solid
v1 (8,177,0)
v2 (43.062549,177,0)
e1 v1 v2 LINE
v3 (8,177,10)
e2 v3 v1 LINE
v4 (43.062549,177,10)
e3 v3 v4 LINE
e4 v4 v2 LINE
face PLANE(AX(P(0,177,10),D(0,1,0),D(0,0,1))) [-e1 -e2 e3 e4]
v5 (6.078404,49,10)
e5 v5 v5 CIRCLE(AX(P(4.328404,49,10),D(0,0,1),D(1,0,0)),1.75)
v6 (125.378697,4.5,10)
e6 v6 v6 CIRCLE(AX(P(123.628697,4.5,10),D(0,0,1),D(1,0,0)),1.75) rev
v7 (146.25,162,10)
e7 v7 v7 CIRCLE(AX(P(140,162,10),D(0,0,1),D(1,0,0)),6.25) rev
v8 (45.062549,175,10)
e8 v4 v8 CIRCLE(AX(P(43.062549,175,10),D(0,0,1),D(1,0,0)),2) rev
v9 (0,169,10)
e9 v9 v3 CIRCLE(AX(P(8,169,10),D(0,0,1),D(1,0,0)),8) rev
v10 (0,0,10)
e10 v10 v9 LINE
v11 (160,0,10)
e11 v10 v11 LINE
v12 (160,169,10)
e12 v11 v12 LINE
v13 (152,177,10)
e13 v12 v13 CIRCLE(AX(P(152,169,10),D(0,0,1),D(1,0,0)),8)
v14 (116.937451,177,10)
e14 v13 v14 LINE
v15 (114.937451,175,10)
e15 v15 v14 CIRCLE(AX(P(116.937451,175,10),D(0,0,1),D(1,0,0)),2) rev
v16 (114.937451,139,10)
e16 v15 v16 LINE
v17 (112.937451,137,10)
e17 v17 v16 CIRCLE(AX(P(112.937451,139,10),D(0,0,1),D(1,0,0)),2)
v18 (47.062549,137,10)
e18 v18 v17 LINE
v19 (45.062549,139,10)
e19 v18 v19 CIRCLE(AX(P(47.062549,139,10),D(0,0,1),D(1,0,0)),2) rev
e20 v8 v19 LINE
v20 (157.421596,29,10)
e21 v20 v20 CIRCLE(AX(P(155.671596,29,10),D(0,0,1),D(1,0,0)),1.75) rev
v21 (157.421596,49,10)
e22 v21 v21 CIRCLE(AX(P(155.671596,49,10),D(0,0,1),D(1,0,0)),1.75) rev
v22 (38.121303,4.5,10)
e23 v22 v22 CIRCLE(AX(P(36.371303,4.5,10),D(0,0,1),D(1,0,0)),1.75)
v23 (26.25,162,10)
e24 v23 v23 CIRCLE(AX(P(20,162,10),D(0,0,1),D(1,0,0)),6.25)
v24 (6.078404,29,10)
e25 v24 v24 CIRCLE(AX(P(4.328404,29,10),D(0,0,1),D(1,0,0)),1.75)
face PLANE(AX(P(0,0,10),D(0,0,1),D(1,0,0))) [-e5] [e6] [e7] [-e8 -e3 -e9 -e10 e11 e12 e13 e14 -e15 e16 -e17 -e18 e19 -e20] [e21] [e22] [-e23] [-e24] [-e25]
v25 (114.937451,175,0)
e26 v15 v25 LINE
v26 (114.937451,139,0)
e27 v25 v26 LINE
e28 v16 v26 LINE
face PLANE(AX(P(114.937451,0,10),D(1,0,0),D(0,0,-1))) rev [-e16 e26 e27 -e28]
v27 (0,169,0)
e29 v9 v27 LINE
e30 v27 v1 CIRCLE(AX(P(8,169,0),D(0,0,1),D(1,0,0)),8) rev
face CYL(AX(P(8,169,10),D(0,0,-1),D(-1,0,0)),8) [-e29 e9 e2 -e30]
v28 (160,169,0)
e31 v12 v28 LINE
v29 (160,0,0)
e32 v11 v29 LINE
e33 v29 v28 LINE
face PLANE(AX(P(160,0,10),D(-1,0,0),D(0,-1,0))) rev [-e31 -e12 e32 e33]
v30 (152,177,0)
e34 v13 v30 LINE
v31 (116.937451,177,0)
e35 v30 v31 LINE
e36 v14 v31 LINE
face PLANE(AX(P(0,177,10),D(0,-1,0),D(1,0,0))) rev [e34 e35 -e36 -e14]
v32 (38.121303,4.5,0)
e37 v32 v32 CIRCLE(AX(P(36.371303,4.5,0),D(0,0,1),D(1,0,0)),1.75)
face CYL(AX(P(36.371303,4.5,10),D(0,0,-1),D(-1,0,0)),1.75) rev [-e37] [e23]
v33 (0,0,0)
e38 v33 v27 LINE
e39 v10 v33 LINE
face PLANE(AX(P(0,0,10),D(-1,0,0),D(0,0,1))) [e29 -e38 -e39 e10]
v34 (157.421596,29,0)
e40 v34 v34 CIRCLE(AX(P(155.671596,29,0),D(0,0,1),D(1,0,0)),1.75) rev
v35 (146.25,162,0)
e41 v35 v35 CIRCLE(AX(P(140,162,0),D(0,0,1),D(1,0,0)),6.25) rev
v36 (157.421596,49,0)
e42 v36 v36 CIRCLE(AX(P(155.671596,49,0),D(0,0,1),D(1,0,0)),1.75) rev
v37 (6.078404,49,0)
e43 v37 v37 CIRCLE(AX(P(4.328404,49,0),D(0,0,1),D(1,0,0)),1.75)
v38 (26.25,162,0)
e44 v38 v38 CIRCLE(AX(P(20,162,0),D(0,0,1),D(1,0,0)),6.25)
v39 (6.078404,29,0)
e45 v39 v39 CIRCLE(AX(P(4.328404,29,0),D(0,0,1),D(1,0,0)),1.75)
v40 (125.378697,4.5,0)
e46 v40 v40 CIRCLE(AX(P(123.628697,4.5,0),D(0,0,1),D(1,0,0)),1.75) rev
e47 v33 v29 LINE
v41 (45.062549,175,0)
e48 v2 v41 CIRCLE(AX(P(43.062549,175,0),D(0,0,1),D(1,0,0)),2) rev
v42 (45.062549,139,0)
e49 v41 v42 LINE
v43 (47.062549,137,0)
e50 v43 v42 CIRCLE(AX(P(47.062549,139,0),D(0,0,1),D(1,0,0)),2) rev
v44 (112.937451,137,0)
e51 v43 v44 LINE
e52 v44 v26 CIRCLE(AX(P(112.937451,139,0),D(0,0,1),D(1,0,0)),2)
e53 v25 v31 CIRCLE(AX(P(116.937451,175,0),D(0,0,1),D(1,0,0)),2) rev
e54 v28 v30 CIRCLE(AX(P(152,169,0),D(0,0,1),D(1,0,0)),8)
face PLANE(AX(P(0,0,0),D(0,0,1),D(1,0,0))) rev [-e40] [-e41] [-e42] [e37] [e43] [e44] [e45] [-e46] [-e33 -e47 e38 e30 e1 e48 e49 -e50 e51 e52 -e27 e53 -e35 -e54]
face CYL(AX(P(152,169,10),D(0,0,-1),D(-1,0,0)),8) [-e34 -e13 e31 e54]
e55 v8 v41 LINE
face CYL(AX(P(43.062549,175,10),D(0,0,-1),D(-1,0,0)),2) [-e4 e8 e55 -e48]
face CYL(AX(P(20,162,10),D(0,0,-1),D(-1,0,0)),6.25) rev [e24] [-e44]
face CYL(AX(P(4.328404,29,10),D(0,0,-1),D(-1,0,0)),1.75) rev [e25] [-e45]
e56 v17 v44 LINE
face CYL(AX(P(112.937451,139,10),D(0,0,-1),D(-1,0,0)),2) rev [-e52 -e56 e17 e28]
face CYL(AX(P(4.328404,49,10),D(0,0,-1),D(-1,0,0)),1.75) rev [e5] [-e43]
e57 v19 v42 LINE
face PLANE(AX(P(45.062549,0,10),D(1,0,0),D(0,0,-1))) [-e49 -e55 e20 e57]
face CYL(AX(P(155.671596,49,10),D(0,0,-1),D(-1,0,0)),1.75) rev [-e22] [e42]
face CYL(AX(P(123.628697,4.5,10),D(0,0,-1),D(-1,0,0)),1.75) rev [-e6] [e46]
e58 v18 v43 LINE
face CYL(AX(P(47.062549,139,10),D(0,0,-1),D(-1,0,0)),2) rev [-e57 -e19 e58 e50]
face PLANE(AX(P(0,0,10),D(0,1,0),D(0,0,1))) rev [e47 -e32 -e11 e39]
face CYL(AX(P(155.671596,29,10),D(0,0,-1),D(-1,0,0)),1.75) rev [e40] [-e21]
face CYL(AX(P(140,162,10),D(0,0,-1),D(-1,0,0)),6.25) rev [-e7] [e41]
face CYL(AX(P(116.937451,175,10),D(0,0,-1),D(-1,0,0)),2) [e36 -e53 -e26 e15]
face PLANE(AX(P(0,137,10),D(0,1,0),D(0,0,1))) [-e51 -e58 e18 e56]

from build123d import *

# Parameters (mm, degrees)
SKETCH1_R           = 6.25
SKETCH1_R_2         = 1.75
BOSS_EXTRUDE1_DEPTH = 10


with BuildPart() as part:
    # Sketch1 → Boss-Extrude1 (new body)
    with BuildSketch(Plane.XY):
        with BuildLine():
            Line((40.062548905, 177), (43.062548905, 177))
            ThreePointArc((43.062548905, 177), (44.476762467, 176.414213562), (45.062548905, 175))
            Line((45.062548905, 175), (45.062548905, 139))
            ThreePointArc((45.062548905, 139), (45.648335342, 137.585786438), (47.062548905, 137))
            Line((47.062548905, 137), (112.937451095, 137))
            ThreePointArc((112.937451095, 137), (114.351664658, 137.585786438), (114.937451095, 139))
            Line((114.937451095, 139), (114.937451095, 175))
            ThreePointArc((114.937451095, 175), (115.523237533, 176.414213562), (116.937451095, 177))
            Line((116.937451095, 177), (120, 177))
            Line((120, 177), (152, 177))
            ThreePointArc((152, 177), (157.656854249, 174.656854249), (160, 169))
            Line((160, 169), (160, 0))
            Line((160, 0), (120, 0))
            Line((120, 0), (40, 0))
            Line((40, 0), (0, 0))
            Line((0, 0), (0, 169))
            ThreePointArc((0, 169), (2.343145751, 174.656854249), (8, 177))
            Line((8, 177), (40, 177))
            Line((40, 177), (40.062548905, 177))
        make_face()
        with Locations((20, 162)):
            Circle(SKETCH1_R, mode=Mode.SUBTRACT)
        with Locations((140, 162)):
            Circle(SKETCH1_R, mode=Mode.SUBTRACT)
        with Locations((4.328403696, 49)):
            Circle(SKETCH1_R_2, mode=Mode.SUBTRACT)
        with Locations((4.328403696, 29)):
            Circle(SKETCH1_R_2, mode=Mode.SUBTRACT)
        with Locations((36.371302772, 4.5)):
            Circle(SKETCH1_R_2, mode=Mode.SUBTRACT)
        with Locations((123.628697228, 4.5)):
            Circle(SKETCH1_R_2, mode=Mode.SUBTRACT)
        with Locations((155.671596304, 29)):
            Circle(SKETCH1_R_2, mode=Mode.SUBTRACT)
        with Locations((155.671596304, 49)):
            Circle(SKETCH1_R_2, mode=Mode.SUBTRACT)
    extrude(amount=BOSS_EXTRUDE1_DEPTH)


solid = part.part
